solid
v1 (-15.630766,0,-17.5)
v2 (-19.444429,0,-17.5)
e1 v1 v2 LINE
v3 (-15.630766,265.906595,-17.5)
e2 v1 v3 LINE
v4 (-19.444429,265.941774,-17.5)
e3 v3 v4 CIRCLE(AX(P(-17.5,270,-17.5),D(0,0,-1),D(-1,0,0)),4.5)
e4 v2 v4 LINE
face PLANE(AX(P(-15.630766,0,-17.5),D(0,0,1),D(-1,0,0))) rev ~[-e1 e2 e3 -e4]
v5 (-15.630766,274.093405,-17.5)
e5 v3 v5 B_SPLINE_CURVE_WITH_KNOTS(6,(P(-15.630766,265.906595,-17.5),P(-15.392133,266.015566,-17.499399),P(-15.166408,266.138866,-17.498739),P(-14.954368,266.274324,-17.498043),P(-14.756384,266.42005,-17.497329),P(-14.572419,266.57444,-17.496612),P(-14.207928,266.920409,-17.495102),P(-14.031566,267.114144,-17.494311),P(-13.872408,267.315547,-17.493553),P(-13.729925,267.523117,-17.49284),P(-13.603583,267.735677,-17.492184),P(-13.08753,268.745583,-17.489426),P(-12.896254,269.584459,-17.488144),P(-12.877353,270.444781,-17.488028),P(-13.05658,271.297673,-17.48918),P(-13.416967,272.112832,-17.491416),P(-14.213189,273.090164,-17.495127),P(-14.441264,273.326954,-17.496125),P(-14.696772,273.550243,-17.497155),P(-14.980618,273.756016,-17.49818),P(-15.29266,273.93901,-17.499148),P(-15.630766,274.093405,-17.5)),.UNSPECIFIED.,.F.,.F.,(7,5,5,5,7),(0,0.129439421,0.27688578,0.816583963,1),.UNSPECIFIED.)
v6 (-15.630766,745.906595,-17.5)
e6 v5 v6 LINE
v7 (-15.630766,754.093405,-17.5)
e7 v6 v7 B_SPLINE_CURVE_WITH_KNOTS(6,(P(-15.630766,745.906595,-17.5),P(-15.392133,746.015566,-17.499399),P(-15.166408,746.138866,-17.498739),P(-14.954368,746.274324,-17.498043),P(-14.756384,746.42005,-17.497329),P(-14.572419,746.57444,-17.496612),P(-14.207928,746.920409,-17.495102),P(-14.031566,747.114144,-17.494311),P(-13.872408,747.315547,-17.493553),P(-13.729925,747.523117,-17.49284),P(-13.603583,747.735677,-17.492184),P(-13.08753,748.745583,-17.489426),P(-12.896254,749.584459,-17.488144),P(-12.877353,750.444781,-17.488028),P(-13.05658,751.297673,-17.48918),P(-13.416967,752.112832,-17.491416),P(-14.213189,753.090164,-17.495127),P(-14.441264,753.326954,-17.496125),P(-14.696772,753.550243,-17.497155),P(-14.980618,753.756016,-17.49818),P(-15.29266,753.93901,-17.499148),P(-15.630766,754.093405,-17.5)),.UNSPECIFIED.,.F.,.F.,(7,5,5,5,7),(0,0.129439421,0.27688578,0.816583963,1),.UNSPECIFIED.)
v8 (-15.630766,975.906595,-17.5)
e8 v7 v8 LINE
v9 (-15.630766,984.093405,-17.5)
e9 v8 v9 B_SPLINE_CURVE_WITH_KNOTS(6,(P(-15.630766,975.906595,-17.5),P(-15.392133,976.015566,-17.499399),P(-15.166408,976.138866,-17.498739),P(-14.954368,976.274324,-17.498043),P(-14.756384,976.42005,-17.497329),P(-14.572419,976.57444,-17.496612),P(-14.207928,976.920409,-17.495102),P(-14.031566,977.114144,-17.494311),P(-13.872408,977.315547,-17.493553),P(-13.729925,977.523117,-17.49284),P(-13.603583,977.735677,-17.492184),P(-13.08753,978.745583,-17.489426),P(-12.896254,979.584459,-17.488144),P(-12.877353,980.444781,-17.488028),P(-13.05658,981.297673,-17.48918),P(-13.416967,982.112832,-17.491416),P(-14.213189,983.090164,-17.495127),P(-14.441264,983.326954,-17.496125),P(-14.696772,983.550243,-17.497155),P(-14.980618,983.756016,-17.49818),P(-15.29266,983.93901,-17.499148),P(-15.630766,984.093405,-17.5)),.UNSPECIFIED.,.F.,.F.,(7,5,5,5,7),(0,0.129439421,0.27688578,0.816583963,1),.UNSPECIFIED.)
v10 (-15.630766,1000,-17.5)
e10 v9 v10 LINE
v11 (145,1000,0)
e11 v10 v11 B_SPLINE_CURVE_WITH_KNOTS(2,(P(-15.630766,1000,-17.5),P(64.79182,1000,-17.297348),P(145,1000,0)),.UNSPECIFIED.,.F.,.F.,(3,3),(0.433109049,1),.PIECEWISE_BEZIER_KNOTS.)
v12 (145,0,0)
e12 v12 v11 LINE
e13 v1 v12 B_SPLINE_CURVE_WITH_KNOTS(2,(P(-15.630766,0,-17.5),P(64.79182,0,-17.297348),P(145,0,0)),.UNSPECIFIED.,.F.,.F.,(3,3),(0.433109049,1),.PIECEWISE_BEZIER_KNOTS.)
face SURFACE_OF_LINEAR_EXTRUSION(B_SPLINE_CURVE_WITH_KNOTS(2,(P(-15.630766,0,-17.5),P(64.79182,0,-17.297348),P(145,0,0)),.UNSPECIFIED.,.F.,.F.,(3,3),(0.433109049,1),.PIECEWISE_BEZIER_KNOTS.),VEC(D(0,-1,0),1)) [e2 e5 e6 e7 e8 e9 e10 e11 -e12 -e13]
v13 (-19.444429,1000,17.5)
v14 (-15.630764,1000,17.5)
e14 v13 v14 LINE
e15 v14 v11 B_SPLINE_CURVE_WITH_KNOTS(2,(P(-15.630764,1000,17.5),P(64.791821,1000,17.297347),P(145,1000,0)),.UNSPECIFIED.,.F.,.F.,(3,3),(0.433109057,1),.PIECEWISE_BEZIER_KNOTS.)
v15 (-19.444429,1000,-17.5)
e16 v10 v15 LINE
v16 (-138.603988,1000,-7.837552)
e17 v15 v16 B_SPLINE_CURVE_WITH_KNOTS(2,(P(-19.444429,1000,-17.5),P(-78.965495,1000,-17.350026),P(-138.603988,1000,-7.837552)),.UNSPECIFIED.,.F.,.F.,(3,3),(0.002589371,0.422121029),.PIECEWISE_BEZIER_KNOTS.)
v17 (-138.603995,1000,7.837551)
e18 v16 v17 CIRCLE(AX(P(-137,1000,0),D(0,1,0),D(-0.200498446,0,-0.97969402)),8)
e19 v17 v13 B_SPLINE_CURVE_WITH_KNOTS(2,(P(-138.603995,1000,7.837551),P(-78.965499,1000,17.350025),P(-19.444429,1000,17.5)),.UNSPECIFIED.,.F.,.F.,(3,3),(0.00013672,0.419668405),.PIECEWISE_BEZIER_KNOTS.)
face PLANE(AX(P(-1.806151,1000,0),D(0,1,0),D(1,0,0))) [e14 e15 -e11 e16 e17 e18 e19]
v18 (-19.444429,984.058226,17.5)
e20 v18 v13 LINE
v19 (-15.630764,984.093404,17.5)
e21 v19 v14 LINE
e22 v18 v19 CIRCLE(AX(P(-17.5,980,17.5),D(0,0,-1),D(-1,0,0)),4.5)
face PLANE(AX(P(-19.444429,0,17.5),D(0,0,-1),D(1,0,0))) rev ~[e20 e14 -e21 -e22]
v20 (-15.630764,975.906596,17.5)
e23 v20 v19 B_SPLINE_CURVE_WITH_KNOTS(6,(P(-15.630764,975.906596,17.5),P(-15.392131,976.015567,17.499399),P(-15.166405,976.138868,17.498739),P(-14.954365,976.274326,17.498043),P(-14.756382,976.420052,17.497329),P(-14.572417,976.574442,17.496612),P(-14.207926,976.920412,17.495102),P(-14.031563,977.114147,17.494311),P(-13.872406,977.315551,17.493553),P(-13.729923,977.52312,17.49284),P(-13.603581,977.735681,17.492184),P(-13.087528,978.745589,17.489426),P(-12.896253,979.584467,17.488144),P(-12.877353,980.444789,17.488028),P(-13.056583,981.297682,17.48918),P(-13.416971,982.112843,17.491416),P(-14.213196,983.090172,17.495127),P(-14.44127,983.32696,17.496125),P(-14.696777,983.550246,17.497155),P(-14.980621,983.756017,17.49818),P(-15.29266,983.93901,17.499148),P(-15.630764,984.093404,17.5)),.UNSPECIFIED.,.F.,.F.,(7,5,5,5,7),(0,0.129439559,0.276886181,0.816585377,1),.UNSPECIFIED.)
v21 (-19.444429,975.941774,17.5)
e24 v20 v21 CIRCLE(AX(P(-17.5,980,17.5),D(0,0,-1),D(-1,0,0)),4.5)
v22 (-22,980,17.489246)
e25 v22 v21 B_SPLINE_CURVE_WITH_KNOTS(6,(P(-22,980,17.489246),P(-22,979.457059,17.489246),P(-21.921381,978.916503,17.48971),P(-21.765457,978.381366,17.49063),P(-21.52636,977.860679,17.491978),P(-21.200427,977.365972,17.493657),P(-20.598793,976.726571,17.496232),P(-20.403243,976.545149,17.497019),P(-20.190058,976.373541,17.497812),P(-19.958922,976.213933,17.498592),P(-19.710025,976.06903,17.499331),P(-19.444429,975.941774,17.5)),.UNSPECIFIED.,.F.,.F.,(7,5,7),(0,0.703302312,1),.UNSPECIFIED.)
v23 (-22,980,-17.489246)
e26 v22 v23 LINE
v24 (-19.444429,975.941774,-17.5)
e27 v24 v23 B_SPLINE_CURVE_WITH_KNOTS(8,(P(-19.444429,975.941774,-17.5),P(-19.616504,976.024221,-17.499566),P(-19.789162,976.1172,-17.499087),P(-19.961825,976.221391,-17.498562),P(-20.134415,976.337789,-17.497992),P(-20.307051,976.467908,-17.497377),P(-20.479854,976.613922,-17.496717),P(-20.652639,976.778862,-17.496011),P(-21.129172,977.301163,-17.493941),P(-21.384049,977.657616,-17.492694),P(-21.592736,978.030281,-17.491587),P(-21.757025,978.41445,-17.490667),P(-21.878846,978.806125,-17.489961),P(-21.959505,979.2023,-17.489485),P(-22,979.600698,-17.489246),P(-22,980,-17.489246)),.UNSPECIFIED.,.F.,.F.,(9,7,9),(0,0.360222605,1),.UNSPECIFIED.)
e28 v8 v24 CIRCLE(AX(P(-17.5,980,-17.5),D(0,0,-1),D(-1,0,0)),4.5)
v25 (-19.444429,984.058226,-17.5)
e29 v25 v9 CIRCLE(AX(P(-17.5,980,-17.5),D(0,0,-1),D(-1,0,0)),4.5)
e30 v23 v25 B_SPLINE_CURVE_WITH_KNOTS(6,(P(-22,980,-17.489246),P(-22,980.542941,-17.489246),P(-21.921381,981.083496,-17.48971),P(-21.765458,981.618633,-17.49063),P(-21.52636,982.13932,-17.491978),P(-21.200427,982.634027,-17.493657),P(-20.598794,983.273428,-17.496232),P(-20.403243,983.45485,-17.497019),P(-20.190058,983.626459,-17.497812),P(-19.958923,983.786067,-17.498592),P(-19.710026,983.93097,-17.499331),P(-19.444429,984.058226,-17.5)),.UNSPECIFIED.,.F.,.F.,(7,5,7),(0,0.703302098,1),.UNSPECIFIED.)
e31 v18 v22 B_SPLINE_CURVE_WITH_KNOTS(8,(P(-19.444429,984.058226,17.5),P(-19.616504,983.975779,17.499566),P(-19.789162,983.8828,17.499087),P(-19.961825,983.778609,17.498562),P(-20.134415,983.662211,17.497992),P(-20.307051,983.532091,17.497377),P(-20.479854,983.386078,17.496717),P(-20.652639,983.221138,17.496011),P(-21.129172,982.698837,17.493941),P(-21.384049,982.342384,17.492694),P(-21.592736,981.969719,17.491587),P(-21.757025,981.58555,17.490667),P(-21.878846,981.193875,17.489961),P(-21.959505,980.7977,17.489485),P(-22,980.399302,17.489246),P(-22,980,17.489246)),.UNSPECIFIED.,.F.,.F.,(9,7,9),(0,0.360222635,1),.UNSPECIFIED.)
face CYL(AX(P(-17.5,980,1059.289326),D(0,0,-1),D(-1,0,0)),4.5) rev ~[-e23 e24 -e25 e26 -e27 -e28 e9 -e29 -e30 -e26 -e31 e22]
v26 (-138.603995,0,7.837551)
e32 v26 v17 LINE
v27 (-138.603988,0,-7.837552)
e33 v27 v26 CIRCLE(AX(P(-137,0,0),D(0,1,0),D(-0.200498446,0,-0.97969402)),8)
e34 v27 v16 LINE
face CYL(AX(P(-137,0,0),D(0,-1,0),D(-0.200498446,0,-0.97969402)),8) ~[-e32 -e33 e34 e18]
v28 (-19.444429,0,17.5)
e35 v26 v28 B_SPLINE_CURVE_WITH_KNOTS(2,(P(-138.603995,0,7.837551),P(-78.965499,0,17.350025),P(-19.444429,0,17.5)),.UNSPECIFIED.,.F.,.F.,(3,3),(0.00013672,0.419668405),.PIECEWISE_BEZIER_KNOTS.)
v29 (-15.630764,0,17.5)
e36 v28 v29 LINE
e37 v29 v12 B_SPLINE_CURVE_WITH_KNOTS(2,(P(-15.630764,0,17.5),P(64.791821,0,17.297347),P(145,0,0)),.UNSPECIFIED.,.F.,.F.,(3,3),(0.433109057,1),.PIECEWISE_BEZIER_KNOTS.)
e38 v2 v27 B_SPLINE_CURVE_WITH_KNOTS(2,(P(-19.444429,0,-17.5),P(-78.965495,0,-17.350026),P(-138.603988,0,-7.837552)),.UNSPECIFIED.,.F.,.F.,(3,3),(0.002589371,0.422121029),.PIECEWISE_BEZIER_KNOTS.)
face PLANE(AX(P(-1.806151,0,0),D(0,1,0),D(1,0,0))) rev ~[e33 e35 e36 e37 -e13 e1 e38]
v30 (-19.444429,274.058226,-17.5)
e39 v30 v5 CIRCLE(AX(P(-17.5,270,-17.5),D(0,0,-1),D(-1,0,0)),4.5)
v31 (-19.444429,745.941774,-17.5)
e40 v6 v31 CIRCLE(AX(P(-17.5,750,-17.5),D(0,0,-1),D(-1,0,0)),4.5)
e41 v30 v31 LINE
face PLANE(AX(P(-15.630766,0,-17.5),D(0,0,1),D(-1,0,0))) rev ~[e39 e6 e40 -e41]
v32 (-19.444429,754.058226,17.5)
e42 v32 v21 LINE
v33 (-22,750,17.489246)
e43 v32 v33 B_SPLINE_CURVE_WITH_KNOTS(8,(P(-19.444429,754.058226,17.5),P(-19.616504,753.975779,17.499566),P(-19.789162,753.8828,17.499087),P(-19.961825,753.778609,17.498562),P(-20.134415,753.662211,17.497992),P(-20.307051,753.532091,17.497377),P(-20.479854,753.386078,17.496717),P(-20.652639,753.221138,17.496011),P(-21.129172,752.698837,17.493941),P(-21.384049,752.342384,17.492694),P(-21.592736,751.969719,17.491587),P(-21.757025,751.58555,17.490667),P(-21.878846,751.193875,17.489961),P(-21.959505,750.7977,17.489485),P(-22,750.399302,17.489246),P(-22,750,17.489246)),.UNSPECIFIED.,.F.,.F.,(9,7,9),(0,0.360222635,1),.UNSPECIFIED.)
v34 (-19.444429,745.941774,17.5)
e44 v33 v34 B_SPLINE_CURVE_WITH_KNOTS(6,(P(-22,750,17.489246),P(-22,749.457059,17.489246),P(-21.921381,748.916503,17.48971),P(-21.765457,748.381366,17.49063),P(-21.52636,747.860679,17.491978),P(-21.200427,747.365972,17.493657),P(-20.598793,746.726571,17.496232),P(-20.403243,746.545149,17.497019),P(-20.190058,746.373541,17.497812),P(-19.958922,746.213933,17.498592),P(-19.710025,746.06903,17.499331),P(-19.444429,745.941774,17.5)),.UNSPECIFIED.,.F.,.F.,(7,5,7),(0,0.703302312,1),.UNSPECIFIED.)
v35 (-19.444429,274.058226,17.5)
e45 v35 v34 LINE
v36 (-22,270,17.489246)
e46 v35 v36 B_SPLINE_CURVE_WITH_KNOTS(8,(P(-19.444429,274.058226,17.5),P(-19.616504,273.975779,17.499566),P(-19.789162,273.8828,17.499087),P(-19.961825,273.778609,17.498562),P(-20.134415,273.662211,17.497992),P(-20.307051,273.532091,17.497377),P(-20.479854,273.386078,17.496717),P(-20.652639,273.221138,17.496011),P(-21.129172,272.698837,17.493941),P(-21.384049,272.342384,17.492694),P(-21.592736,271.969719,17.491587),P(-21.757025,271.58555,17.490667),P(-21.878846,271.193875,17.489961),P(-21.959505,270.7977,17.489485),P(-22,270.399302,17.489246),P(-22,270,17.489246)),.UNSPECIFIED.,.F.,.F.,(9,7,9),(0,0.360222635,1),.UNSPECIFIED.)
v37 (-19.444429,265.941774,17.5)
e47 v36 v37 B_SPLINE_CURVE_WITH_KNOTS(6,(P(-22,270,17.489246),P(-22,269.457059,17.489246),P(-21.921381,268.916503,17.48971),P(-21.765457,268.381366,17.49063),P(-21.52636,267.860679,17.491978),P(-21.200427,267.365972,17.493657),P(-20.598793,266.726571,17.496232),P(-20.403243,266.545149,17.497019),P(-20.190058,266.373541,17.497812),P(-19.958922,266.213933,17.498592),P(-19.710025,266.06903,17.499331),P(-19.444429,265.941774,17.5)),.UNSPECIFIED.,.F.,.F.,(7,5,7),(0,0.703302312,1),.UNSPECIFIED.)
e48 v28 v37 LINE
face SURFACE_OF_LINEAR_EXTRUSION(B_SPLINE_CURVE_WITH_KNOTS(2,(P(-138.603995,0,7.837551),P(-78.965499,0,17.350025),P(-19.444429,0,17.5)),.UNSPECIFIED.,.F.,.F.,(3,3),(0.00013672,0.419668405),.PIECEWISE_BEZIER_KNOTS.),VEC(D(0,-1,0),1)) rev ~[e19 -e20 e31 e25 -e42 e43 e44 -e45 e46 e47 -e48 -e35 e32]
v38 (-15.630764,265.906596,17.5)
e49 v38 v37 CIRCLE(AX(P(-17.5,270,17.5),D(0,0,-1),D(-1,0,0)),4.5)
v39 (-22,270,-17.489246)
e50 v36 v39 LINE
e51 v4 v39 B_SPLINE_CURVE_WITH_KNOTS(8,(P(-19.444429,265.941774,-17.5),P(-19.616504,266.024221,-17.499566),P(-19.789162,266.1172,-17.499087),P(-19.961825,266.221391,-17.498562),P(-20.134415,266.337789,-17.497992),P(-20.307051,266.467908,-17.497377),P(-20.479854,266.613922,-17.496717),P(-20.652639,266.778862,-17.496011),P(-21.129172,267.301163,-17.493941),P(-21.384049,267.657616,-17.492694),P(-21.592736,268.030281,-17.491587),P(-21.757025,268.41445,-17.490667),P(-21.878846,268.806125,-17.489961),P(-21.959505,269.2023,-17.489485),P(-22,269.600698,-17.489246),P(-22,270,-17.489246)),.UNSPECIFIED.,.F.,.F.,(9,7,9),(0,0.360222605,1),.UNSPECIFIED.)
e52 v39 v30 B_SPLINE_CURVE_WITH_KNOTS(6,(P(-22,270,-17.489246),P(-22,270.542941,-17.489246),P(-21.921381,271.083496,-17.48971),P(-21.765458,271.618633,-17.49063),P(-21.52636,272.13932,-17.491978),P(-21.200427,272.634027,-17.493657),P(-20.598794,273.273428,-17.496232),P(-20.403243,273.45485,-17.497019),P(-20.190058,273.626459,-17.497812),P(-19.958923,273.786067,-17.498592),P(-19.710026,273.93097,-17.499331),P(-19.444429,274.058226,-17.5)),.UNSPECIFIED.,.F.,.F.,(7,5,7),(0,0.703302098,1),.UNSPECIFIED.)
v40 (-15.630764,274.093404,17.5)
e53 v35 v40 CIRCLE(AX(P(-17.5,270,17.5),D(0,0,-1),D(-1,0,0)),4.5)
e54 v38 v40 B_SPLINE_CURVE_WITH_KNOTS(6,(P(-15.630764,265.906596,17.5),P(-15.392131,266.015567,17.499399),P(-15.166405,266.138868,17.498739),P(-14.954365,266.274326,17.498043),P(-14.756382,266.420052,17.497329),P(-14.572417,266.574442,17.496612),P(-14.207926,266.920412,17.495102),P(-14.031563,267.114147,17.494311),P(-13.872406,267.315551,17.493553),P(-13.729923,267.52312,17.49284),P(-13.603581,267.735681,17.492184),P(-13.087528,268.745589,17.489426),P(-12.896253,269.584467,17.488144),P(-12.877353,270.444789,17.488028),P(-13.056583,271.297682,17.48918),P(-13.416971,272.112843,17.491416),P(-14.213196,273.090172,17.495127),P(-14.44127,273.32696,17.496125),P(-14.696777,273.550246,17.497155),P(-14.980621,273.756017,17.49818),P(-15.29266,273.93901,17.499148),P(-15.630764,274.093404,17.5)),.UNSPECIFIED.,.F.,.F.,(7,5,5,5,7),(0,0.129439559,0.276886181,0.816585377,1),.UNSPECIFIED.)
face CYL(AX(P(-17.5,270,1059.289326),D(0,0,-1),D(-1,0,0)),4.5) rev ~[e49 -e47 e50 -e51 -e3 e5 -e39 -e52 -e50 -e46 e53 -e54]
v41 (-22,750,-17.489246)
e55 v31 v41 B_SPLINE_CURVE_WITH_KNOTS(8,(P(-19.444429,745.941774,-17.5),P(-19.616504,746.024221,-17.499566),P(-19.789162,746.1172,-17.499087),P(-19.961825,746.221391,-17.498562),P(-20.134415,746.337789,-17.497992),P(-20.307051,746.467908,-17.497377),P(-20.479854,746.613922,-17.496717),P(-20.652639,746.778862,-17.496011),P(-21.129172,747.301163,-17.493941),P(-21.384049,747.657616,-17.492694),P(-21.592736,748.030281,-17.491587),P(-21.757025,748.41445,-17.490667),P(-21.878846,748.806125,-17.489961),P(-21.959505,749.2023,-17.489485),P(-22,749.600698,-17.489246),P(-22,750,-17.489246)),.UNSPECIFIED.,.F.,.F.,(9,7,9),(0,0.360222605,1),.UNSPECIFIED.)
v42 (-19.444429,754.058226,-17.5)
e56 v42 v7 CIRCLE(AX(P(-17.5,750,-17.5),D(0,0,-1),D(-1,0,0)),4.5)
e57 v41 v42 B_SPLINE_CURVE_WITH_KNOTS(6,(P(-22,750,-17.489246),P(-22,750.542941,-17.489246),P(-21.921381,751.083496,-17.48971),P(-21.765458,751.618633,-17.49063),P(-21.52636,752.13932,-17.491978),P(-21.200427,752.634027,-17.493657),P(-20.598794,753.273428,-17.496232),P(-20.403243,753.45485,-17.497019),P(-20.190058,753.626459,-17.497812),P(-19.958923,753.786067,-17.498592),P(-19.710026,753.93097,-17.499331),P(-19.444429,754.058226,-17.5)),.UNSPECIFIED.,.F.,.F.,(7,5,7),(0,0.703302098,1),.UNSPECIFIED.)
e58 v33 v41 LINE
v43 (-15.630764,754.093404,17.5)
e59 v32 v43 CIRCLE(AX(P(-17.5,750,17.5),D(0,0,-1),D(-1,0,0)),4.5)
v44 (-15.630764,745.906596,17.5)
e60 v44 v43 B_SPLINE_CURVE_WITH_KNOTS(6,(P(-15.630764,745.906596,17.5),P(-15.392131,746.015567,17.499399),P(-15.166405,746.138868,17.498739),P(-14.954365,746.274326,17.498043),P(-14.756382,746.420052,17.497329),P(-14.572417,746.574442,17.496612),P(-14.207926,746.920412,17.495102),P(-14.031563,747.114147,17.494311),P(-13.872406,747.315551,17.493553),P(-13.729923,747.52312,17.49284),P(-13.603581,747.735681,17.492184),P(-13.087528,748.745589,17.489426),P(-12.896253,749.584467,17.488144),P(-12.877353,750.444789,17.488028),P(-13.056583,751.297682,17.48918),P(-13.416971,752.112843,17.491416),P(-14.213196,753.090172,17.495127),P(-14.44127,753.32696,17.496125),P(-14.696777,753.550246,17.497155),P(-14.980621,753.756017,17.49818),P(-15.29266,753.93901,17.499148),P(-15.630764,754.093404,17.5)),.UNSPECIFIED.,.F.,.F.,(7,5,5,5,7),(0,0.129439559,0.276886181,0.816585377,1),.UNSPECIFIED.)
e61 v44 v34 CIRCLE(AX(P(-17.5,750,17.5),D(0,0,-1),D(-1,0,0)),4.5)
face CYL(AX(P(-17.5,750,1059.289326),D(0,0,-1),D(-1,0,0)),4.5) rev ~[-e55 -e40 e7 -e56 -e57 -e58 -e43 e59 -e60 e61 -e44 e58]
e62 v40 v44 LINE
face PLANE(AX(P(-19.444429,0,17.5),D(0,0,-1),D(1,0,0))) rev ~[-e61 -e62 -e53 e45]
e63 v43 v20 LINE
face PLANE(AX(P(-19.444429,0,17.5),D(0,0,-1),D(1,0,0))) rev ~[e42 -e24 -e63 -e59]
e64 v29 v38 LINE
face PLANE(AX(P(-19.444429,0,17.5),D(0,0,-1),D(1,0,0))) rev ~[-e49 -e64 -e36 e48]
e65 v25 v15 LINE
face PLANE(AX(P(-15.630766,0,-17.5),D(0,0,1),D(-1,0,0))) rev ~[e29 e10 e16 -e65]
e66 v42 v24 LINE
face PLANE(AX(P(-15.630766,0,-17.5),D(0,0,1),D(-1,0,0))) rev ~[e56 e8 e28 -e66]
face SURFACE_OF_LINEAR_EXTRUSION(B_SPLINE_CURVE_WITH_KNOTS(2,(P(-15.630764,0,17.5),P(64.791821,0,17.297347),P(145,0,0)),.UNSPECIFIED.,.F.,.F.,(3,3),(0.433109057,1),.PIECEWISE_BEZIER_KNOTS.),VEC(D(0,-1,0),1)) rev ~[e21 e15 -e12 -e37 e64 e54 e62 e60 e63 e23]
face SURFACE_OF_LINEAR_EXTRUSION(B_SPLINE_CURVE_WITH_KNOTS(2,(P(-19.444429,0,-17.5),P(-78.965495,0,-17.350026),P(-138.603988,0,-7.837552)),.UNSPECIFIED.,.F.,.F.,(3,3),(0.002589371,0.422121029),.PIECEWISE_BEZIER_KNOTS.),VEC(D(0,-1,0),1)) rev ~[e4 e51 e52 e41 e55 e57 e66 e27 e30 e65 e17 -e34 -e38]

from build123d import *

# Parameters (mm, degrees)
BOSS_EXTRU_1_DEPTH = 1000
D_GAGEMENT_M81_D   = 9


with BuildPart() as part:
    # Esquisse1 → Boss.-Extru.1 (new body)
    with BuildSketch(Plane(origin=(0, 0, 0), x_dir=(1, 0, 0), z_dir=(0, 1, 0))):
        with BuildLine():
            Line((-15.630766153, 17.5), (-19.444429086, 17.5))
            add(Edge.make_bspline(
                [(-19.444429086, 17.5), (-78.965494885, 17.350025602), (-138.603987571, 7.837552161)],
                knots=[0.002589371, 0.002589371, 0.002589371, 0.422121029, 0.422121029, 0.422121029], degree=2))
            ThreePointArc((-138.603987571, 7.837552161), (-145, 3.763e-06), (-138.603994944, -7.837550652))
            add(Edge.make_bspline(
                [(-138.603994944, -7.837550652), (-78.96549857, -17.350025498), (-19.444429086, -17.5)],
                knots=[0.00013672, 0.00013672, 0.00013672, 0.419668405, 0.419668405, 0.419668405], degree=2))
            Line((-19.444429086, -17.5), (-15.630763785, -17.5))
            add(Edge.make_bspline(
                [(-15.630763785, -17.5), (64.79182114, -17.297347399), (145, 0)],
                knots=[0.433109057, 0.433109057, 0.433109057, 1, 1, 1], degree=2))
            add(Edge.make_bspline(
                [(-15.630766153, 17.5), (64.791819969, 17.297347525), (145, 0)],
                knots=[0.433109049, 0.433109049, 0.433109049, 1, 1, 1], degree=2))
        make_face()
    extrude(amount=BOSS_EXTRU_1_DEPTH)

    # Dégagement M81 (through all)
    with Locations(Plane(origin=(-17.5, 270, 17.5), x_dir=(1, 0, 0), z_dir=(0, 0, 1))):
        with Locations((0, 0), (0, 480), (0, 710)):
            Hole(D_GAGEMENT_M81_D / 2)


solid = part.part
